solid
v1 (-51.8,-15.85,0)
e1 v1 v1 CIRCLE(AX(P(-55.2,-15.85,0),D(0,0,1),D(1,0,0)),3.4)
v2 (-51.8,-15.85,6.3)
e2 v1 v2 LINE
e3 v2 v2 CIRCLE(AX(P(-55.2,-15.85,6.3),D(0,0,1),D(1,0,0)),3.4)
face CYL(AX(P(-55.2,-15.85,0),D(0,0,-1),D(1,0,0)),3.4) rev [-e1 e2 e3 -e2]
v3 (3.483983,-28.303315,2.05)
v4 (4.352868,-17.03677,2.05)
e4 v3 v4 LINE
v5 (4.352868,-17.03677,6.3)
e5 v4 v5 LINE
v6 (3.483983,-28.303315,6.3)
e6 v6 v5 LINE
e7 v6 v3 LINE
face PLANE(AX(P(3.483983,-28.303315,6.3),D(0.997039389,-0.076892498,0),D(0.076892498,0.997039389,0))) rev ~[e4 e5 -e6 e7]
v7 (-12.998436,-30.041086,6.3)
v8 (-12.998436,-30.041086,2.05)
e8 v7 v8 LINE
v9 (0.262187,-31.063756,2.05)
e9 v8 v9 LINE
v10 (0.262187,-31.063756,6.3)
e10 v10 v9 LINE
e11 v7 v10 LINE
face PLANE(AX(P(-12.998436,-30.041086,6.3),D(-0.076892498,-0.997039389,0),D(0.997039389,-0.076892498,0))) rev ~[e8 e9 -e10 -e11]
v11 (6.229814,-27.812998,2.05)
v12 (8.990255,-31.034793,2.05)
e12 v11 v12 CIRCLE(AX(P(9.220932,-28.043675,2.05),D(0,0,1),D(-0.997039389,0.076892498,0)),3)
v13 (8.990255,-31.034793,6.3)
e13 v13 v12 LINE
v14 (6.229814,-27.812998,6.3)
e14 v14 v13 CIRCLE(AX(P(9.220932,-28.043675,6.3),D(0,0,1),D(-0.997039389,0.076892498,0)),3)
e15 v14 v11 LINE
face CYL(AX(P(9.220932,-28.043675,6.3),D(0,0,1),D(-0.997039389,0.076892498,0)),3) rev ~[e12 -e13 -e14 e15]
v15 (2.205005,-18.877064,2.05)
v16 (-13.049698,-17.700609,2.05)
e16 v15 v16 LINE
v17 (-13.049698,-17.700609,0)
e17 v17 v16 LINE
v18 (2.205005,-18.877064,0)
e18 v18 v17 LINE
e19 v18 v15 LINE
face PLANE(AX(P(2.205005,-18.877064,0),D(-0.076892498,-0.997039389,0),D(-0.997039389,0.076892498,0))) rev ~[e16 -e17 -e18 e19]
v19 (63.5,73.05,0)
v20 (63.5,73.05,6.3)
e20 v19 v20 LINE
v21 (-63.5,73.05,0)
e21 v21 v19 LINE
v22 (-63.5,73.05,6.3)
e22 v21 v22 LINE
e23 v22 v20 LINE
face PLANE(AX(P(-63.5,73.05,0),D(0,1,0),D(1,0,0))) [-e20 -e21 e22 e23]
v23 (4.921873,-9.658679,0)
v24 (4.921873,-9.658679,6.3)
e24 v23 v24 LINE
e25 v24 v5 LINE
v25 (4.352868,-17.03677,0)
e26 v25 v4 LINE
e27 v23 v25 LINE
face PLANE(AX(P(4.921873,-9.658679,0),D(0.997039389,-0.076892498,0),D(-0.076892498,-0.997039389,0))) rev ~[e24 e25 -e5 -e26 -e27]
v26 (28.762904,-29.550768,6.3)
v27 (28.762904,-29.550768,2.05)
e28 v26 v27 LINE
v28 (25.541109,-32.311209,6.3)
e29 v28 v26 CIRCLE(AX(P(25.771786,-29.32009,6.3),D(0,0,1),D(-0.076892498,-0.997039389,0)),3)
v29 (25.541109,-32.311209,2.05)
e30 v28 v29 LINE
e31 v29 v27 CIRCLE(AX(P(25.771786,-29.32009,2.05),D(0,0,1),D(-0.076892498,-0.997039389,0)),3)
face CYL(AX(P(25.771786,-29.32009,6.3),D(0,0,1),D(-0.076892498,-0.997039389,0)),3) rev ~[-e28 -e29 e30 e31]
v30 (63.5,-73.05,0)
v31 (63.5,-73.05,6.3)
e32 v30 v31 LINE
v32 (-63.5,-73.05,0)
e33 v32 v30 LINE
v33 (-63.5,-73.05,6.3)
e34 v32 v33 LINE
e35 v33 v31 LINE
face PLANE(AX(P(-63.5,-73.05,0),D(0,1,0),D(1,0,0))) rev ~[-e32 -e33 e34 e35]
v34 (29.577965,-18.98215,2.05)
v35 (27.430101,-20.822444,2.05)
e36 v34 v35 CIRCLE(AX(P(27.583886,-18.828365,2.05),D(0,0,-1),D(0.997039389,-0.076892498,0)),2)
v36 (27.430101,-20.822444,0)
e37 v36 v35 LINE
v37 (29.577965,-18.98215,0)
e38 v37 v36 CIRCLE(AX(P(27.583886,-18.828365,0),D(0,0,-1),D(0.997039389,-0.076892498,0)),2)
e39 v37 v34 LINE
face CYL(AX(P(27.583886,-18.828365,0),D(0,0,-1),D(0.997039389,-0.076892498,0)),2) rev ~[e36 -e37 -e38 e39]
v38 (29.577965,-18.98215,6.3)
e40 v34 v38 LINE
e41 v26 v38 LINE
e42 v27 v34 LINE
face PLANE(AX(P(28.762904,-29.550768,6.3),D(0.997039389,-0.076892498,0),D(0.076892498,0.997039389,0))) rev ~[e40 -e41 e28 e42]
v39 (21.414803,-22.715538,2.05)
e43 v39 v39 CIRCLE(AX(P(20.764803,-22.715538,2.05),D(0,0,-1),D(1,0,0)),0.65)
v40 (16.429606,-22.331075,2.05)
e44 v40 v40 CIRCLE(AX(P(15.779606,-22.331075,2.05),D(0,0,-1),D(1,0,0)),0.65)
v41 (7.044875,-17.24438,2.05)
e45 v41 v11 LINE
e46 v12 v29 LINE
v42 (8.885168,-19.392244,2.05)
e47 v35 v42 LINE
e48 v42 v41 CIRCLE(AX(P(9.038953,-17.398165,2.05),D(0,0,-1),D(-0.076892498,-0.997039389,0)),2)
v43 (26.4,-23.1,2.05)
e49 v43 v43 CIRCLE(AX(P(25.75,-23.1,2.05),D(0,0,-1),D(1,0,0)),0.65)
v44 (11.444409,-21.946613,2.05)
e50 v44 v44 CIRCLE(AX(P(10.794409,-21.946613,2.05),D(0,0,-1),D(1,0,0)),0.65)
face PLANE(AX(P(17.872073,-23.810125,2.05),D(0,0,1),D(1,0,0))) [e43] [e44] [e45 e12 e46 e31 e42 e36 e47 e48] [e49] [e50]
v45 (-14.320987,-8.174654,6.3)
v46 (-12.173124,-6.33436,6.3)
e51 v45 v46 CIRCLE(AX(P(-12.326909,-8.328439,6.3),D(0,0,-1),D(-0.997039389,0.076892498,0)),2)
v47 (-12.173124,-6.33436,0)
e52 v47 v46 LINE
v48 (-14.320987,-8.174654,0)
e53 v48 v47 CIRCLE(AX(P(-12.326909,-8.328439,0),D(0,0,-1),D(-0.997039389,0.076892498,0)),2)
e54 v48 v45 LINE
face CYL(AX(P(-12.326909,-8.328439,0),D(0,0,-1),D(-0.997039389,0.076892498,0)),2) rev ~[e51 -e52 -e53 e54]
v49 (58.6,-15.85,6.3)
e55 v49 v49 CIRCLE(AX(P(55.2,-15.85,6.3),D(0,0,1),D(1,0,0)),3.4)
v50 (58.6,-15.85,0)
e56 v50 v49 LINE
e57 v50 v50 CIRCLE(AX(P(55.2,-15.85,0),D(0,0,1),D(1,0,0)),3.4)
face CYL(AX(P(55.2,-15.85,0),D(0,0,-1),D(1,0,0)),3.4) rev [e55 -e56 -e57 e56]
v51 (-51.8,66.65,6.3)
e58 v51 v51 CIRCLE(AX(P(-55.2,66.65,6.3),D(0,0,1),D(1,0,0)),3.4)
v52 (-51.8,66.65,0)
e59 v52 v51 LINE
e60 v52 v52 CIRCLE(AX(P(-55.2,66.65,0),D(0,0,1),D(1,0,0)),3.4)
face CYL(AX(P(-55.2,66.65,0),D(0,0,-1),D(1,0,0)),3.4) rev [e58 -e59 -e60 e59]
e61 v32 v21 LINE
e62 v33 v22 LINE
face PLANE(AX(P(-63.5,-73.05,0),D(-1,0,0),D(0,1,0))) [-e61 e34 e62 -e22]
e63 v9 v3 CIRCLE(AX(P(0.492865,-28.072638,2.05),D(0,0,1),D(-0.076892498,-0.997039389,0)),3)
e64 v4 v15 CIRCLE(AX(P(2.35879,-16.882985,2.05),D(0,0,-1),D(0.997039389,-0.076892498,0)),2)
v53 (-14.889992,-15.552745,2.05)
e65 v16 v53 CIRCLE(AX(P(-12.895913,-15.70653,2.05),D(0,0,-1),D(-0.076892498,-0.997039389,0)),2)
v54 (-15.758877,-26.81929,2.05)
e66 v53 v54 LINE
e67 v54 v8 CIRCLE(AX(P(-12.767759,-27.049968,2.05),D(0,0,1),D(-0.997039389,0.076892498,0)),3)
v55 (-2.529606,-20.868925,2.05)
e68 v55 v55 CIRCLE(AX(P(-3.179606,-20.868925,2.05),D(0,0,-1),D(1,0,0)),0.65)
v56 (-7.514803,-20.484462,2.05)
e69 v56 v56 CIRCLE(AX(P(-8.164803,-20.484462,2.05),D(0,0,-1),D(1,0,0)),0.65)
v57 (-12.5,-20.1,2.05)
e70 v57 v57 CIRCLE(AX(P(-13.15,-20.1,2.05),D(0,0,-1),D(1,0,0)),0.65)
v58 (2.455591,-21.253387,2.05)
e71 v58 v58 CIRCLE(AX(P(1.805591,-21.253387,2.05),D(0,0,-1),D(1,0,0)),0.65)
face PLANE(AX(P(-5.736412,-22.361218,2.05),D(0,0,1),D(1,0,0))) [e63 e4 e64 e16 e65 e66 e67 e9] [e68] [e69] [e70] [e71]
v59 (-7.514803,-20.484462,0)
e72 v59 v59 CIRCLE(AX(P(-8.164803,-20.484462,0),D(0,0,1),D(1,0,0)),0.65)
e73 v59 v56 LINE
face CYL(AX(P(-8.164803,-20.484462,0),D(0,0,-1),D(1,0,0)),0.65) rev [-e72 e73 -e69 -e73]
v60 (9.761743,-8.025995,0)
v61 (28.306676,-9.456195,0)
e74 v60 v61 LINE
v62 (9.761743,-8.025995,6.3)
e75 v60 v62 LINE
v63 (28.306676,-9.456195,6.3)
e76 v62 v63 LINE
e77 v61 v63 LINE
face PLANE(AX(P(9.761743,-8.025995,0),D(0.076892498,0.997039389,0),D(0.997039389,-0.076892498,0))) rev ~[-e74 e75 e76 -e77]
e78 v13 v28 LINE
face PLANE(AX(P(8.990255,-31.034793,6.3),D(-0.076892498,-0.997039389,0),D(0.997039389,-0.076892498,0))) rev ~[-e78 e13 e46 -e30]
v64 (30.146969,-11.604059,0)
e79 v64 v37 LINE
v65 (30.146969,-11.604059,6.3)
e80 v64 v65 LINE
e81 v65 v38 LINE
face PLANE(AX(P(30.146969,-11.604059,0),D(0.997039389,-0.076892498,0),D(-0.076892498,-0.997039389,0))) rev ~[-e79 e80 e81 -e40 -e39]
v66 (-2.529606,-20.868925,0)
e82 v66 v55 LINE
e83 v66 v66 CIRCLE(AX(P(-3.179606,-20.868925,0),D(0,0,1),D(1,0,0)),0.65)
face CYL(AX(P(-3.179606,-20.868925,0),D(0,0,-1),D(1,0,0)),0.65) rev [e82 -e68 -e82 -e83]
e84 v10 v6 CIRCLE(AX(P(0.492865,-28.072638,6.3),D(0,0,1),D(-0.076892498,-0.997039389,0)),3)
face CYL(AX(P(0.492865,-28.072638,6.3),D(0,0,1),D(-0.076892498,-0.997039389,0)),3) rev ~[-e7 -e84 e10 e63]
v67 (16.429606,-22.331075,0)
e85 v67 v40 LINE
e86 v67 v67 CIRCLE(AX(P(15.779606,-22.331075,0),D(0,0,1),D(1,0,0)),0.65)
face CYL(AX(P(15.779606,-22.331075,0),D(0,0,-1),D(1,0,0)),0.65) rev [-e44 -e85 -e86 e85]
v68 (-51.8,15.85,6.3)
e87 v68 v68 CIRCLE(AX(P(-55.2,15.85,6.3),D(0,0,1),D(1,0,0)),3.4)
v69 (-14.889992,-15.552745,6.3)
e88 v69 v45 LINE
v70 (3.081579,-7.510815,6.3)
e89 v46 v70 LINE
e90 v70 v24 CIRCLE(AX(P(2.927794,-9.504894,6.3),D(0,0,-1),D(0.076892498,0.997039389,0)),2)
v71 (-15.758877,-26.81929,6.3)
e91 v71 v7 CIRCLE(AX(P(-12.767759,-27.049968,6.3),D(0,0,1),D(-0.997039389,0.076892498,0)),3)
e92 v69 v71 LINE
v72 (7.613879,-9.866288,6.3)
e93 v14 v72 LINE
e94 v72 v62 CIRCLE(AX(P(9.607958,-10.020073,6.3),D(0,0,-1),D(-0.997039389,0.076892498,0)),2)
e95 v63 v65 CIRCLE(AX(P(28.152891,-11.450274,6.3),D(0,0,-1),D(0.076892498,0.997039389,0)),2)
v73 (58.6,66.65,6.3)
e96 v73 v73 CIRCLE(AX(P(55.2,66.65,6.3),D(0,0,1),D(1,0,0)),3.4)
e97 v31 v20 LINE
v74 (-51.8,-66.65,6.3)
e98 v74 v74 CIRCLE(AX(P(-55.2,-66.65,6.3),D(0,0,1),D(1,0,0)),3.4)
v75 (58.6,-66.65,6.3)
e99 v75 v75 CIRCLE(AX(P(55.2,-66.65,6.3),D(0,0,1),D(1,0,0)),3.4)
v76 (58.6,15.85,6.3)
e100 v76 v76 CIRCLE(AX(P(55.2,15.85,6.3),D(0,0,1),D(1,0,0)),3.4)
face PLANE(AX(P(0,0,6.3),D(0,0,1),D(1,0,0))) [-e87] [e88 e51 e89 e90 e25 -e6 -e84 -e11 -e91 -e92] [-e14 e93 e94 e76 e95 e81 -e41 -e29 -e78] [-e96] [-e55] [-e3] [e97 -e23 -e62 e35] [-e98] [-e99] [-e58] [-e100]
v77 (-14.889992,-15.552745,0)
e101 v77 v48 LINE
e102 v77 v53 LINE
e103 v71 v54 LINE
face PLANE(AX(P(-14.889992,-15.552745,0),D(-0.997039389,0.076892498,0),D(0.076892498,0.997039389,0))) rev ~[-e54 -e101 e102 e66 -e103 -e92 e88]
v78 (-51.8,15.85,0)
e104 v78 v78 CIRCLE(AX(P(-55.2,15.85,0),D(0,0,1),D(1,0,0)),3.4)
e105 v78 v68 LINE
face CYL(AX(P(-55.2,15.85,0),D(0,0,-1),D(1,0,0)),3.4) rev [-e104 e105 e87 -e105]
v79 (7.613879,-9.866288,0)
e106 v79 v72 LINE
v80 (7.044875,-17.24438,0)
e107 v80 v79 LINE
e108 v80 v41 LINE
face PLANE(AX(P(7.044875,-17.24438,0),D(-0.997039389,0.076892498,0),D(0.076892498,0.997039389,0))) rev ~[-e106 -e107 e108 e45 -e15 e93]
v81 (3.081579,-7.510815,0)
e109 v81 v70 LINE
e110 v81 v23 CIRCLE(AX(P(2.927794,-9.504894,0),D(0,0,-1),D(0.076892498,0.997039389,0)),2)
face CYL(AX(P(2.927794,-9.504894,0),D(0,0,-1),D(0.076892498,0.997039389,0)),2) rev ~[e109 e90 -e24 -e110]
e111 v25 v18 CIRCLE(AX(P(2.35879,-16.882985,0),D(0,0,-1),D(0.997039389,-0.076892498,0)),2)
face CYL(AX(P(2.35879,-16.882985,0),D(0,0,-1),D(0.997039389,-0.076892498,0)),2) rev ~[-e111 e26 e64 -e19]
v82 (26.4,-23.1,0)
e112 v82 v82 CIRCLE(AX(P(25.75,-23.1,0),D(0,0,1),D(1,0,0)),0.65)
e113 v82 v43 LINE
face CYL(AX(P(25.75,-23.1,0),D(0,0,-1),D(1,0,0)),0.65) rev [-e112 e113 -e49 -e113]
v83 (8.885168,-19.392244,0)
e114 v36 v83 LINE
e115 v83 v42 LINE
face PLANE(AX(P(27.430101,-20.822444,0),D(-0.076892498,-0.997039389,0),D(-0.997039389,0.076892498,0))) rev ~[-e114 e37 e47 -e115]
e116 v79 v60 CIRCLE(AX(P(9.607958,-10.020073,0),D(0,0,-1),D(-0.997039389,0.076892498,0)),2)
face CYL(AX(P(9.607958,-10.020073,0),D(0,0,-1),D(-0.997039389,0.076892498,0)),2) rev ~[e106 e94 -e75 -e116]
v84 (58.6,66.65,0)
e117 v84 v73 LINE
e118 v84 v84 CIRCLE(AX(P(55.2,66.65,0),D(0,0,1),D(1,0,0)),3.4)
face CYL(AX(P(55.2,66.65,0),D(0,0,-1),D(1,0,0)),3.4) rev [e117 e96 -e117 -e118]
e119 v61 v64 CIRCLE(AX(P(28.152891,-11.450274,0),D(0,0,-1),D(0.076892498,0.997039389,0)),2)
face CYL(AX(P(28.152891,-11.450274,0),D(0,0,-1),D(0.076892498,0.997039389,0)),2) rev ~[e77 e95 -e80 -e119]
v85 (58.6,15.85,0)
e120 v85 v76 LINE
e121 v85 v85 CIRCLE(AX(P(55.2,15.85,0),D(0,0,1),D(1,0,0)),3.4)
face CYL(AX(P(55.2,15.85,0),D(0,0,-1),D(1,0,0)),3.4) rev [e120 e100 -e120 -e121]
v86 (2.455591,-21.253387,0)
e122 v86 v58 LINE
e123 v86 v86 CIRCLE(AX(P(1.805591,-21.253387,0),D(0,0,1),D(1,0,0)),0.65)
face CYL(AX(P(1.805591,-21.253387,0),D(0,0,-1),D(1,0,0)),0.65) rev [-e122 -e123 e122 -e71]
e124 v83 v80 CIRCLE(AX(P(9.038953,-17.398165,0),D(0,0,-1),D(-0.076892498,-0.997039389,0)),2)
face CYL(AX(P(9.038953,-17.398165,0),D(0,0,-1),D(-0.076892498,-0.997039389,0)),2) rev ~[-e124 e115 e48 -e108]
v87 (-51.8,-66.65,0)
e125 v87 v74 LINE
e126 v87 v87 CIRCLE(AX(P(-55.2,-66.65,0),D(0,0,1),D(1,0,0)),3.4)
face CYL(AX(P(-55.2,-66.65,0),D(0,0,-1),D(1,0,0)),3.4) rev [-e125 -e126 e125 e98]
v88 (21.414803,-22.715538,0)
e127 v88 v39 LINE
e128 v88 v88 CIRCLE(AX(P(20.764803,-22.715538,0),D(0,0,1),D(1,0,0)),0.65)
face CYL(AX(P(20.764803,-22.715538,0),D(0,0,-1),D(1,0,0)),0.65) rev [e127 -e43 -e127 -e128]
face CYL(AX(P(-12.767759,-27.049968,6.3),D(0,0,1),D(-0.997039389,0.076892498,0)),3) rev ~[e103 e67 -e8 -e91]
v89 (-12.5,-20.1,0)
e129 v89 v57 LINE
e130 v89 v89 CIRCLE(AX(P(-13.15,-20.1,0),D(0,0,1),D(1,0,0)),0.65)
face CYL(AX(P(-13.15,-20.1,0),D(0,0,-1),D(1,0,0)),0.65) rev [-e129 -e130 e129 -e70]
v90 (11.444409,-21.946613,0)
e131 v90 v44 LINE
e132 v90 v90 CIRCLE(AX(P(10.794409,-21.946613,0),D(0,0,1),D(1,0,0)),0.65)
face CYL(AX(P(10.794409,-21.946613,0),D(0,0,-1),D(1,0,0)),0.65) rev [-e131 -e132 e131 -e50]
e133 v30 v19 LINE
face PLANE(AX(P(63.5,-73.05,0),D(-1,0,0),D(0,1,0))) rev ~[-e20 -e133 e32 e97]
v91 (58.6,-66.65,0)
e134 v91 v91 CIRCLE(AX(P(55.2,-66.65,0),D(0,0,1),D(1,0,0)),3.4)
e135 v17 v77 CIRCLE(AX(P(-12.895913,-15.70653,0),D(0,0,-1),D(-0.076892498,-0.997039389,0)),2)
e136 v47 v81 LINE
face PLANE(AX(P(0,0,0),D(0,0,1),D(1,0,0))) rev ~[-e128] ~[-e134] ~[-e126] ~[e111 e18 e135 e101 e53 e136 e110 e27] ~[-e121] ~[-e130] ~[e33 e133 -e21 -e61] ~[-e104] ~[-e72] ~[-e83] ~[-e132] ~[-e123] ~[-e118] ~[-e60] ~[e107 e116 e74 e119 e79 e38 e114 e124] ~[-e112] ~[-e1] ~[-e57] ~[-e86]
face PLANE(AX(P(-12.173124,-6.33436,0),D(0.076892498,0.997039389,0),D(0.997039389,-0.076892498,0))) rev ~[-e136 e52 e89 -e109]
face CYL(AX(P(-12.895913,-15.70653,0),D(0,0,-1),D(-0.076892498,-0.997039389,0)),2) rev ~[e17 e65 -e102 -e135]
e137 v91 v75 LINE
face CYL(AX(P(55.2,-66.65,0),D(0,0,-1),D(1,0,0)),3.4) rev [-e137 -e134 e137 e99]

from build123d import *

# Parameters (mm, degrees)
F0_W     = 127
F0_H     = 146.1
F0_R     = 3.4
F0_R_2   = 0.65
F1_DEPTH = 6.3
F3_DEPTH = 4.25


with BuildPart() as f1:
    # F0 (on Top) → F1 (new body)
    with BuildSketch(Plane.XY):
        Rectangle(F0_W, F0_H)
        with Locations((-55.2, -66.65)):
            Circle(F0_R, mode=Mode.SUBTRACT)
        with Locations((-55.2, -15.85)):
            Circle(F0_R, mode=Mode.SUBTRACT)
        with Locations((-13.15, -20.1)):
            Circle(F0_R_2, mode=Mode.SUBTRACT)
        with Locations((-8.1648030536, -20.4844624894)):
            Circle(F0_R_2, mode=Mode.SUBTRACT)
        with Locations((-3.1796061072, -20.8689249789)):
            Circle(F0_R_2, mode=Mode.SUBTRACT)
        with BuildLine():
            Line((2.2050045302, -18.877064016), (-13.0496981258, -17.7006087983))
            ThreePointArc((-13.0496981258, -17.7006087983), (-14.4146821699, -17.007814233), (-14.8899919086, -15.552745024))
            Line((-14.8899919086, -15.552745024), (-14.3209874242, -8.1746535434))
            ThreePointArc((-14.3209874242, -8.1746535434), (-13.6281928588, -6.8096694992), (-12.1731236499, -6.3343597606))
            Line((-12.1731236499, -6.3343597606), (3.0815790061, -7.5108149783))
            ThreePointArc((3.0815790061, -7.5108149783), (4.4465630502, -8.2036095436), (4.9218727888, -9.6586787526))
            Line((4.9218727888, -9.6586787526), (4.3528683045, -17.0367702332))
            ThreePointArc((4.3528683045, -17.0367702332), (3.6600737391, -18.4017542774), (2.2050045302, -18.877064016))
        make_face(mode=Mode.SUBTRACT)
        with Locations((55.2, -66.65)):
            Circle(F0_R, mode=Mode.SUBTRACT)
        with Locations((1.8055908391, -21.2533874683)):
            Circle(F0_R_2, mode=Mode.SUBTRACT)
        with Locations((10.7944091609, -21.9466125317)):
            Circle(F0_R_2, mode=Mode.SUBTRACT)
        with Locations((15.7796061072, -22.3310750211)):
            Circle(F0_R_2, mode=Mode.SUBTRACT)
        with Locations((20.7648030536, -22.7155375106)):
            Circle(F0_R_2, mode=Mode.SUBTRACT)
        with Locations((25.75, -23.1)):
            Circle(F0_R_2, mode=Mode.SUBTRACT)
        with BuildLine():
            Line((7.0448746555, -17.2443799775), (7.6138791399, -9.8662884969))
            ThreePointArc((7.6138791399, -9.8662884969), (8.3066737053, -8.5013044528), (9.7617429142, -8.0259947141))
            Line((9.7617429142, -8.0259947141), (28.3066755548, -9.4561951748))
            ThreePointArc((28.3066755548, -9.4561951748), (29.6716595989, -10.1489897402), (30.1469693375, -11.6040589491))
            Line((30.1469693375, -11.6040589491), (29.5779648532, -18.9821504298))
            ThreePointArc((29.5779648532, -18.9821504298), (28.8851702878, -20.3471344739), (27.4301010788, -20.8224442126))
            Line((27.4301010788, -20.8224442126), (8.8851684383, -19.3922437519))
            ThreePointArc((8.8851684383, -19.3922437519), (7.5201843942, -18.6994491865), (7.0448746555, -17.2443799775))
        make_face(mode=Mode.SUBTRACT)
        with Locations((55.2, -15.85)):
            Circle(F0_R, mode=Mode.SUBTRACT)
        with Locations((-55.2, 15.85)):
            Circle(F0_R, mode=Mode.SUBTRACT)
        with Locations((-55.2, 66.65)):
            Circle(F0_R, mode=Mode.SUBTRACT)
        with Locations((55.2, 15.85)):
            Circle(F0_R, mode=Mode.SUBTRACT)
        with Locations((55.2, 66.65)):
            Circle(F0_R, mode=Mode.SUBTRACT)
    extrude(amount=F1_DEPTH)

    # F2 (on face) → F3 (cut)
    with BuildSketch(Plane.XY.offset(6.3)):
        with BuildLine():
            Line((4.46495922, -15.5833246955), (-14.777900993, -14.0992994863))
            Line((-14.777900993, -14.0992994863), (-15.7588771347, -26.8192901228))
            ThreePointArc((-15.7588771347, -26.8192901228), (-15.0459125267, -29.0018939363), (-12.9984364605, -30.0410857843))
            Line((-12.9984364605, -30.0410857843), (0.2621874169, -31.0637560062))
            ThreePointArc((0.2621874169, -31.0637560062), (2.4447912303, -30.3507913982), (3.4839830784, -28.3033153321))
            Line((3.4839830784, -28.3033153321), (4.46495922, -15.5833246955))
        make_face()
        with BuildLine():
            Line((29.6987558394, -17.4158939751), (7.1656656418, -15.6781235228))
            Line((7.1656656418, -15.6781235228), (6.2298141779, -27.8129975039))
            ThreePointArc((6.2298141779, -27.8129975039), (6.9427787859, -29.9956013173), (8.9902548521, -31.0347931654))
            Line((8.9902548521, -31.0347931654), (25.5411087141, -32.3112086303))
            ThreePointArc((25.5411087141, -32.3112086303), (27.7237125275, -31.5982440223), (28.7629043756, -29.5507679561))
            Line((28.7629043756, -29.5507679561), (29.6987558394, -17.4158939751))
        make_face()
    extrude(amount=-F3_DEPTH, mode=Mode.SUBTRACT)


solid = f1.part
